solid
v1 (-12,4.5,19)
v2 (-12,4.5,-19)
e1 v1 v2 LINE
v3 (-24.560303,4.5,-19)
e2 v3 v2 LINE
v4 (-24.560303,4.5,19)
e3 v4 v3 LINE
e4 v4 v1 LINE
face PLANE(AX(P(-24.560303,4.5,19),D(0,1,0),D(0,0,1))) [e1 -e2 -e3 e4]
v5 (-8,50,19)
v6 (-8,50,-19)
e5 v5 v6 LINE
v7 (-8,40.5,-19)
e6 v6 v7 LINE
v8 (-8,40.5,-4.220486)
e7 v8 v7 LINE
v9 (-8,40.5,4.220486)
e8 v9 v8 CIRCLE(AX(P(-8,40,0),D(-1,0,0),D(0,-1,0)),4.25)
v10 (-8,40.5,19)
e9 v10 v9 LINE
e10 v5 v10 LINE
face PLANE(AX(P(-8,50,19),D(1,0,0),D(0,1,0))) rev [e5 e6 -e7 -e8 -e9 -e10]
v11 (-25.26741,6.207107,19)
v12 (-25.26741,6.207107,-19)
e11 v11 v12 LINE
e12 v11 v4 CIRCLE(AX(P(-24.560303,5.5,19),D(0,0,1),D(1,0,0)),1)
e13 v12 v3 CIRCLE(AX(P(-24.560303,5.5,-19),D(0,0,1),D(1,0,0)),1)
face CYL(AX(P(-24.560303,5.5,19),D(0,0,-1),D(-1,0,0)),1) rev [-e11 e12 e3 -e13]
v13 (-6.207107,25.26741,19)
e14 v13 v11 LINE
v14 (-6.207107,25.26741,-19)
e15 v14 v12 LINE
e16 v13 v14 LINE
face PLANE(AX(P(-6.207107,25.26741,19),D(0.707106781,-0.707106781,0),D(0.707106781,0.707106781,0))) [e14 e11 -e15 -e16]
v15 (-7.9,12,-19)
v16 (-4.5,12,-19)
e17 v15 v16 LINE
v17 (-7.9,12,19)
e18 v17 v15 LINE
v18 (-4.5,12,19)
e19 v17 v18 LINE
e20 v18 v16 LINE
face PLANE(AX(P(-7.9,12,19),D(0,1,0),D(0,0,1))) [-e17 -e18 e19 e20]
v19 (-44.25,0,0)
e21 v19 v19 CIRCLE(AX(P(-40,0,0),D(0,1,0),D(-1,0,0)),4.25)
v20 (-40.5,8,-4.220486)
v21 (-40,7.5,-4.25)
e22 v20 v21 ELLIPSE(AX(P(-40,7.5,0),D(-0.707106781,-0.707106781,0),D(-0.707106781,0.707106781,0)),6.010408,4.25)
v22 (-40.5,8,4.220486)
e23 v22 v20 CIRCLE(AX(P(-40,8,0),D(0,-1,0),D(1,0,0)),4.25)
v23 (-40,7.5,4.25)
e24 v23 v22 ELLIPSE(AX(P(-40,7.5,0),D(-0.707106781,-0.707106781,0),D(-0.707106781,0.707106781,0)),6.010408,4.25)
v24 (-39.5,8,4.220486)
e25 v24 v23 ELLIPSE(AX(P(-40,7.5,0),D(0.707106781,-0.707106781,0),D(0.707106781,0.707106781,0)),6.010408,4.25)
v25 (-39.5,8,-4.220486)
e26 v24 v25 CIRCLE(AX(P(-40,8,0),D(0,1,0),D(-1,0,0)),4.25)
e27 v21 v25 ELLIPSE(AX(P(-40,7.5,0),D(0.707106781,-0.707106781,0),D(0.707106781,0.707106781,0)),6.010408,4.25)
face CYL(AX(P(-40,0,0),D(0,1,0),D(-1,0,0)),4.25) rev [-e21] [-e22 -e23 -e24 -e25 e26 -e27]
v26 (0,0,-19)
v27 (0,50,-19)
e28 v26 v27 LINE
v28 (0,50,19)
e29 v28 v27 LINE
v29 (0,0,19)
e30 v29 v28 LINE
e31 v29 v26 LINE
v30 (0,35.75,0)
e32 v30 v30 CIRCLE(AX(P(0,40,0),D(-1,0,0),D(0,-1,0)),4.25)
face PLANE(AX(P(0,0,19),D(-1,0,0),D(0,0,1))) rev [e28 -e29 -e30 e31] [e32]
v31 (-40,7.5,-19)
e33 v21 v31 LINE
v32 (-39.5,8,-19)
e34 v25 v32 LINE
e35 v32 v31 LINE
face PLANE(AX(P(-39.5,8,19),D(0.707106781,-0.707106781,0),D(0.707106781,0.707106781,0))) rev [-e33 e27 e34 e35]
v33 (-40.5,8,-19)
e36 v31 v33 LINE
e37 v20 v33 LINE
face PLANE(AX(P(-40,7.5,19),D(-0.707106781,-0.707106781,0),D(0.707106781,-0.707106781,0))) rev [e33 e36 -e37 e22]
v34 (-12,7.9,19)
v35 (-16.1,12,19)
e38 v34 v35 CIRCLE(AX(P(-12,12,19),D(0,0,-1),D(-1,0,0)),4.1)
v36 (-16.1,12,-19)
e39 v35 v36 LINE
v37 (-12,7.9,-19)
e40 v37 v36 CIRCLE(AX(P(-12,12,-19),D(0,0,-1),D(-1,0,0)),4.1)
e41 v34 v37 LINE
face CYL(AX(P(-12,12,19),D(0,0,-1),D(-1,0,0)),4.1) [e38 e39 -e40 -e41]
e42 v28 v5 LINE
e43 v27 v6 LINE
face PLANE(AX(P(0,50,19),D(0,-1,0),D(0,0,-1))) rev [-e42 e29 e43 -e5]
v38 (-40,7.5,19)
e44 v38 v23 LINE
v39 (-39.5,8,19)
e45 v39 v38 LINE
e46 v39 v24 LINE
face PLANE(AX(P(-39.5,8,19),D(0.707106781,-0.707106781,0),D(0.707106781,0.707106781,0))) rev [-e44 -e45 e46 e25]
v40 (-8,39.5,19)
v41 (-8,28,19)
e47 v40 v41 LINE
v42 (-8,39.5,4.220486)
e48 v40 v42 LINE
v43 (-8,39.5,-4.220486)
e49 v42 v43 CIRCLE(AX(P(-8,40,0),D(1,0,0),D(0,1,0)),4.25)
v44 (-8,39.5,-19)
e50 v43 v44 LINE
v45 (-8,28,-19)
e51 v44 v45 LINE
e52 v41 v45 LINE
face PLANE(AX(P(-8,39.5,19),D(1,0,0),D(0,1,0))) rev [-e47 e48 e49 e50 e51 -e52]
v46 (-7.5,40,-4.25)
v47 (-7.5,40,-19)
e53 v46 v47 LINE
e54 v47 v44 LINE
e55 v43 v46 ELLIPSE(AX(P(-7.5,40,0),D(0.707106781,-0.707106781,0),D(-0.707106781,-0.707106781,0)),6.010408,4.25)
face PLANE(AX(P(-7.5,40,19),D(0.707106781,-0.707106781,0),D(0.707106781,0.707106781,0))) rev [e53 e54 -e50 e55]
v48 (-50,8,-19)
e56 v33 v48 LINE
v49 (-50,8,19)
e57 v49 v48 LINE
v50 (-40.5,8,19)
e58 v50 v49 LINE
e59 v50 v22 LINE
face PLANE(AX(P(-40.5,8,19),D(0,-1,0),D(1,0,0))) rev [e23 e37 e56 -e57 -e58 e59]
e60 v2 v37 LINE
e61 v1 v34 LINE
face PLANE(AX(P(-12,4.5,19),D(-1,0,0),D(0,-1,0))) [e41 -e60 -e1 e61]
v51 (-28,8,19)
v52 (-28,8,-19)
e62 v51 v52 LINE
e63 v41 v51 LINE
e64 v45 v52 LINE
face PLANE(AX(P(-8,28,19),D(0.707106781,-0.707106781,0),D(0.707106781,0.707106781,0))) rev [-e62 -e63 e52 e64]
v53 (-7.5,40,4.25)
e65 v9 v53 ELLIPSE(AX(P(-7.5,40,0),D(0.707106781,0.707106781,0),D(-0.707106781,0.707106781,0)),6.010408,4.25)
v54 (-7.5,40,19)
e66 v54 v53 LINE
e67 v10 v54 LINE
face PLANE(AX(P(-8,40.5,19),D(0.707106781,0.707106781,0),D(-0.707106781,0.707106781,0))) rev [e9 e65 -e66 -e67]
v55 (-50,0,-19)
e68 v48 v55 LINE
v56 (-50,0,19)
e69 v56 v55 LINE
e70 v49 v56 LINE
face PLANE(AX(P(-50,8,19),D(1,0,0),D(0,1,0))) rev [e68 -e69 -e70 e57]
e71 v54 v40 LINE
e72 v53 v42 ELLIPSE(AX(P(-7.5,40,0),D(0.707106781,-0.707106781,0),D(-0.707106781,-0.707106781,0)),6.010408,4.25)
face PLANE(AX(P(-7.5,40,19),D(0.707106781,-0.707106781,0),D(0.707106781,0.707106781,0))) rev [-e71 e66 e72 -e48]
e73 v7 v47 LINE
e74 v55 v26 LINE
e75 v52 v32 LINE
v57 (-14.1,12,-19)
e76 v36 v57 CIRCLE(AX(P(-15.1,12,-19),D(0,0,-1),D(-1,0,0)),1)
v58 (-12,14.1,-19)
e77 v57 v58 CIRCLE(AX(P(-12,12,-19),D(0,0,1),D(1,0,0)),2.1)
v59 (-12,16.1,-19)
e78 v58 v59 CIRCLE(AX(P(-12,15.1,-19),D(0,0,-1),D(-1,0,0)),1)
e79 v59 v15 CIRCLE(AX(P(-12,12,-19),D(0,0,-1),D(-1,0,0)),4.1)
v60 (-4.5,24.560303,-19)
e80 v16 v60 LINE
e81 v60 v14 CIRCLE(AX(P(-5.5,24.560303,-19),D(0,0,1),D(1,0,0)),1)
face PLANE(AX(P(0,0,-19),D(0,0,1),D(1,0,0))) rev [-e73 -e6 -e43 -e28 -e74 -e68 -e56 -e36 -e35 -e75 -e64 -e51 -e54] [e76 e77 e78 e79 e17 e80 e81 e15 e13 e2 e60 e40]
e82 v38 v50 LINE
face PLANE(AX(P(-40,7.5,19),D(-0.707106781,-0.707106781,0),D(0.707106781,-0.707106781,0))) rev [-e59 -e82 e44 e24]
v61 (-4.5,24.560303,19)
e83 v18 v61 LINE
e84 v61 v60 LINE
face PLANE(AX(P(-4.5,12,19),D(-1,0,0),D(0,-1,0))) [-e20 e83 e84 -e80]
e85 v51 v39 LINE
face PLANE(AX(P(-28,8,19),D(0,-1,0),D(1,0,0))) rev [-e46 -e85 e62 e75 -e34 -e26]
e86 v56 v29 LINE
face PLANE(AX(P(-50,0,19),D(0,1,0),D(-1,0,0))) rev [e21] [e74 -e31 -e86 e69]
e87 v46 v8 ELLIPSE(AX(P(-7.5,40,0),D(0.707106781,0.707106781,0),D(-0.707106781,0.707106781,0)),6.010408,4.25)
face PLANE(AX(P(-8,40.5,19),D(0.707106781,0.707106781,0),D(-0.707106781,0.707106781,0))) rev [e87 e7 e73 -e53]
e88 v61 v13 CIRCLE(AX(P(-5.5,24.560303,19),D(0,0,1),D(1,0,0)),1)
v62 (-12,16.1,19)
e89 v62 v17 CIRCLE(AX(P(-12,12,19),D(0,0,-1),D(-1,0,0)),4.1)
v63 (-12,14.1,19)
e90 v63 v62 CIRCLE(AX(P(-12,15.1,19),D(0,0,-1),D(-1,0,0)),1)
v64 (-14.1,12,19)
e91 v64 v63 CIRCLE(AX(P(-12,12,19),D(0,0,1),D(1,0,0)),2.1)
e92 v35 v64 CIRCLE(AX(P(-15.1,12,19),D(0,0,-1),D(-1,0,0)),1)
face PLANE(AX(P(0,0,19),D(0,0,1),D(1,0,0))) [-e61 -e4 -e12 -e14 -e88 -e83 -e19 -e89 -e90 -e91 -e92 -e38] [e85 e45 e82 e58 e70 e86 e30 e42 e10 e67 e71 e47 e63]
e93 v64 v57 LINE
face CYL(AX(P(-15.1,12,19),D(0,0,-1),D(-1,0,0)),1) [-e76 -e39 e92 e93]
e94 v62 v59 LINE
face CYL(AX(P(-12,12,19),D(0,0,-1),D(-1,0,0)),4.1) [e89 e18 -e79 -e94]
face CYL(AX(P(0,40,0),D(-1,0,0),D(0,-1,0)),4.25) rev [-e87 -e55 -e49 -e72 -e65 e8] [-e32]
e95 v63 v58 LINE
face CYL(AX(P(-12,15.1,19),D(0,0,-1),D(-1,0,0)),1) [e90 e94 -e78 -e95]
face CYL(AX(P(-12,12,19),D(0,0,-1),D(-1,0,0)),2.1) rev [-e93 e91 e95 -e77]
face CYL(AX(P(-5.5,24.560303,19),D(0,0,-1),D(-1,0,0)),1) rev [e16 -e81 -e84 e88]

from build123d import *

# Parameters (mm, degrees)
EXTRUDE_1_DEPTH     = 19
SKETCH_2_R          = 4.25
CUT_EXTRUDE_1_DEPTH = 9
SKETCH_3_R          = 4.25
CUT_EXTRUDE_2_DEPTH = 9


with BuildPart() as part:
    # Эскиз1 → Бобышка-Вытянуть1 (new body, symmetric)
    with BuildSketch(Plane.XY):
        Polygon((-50, 0), (0, 0), (0, 50), (-8, 50), (-8, 40.5), (-7.5, 40), (-8, 39.5), (-8, 28), (-28, 8), (-39.5, 8), (-40, 7.5), (-40.5, 8), (-50, 8), align=None)
        with BuildLine():
            Line((-4.5, 12), (-4.5, 24.560303038))
            ThreePointArc((-4.5, 24.560303038), (-5.117316568, 25.484182571), (-6.207106781, 25.267409819))
            Line((-6.207106781, 25.267409819), (-25.267409819, 6.207106781))
            ThreePointArc((-25.267409819, 6.207106781), (-25.484182571, 5.117316568), (-24.560303038, 4.5))
            Line((-24.560303038, 4.5), (-12, 4.5))
            Line((-12, 4.5), (-12, 7.9))
            ThreePointArc((-12, 7.9), (-14.899137803, 9.100862197), (-16.1, 12))
            ThreePointArc((-16.1, 12), (-15.1, 13), (-14.1, 12))
            ThreePointArc((-14.1, 12), (-10.51507576, 10.51507576), (-12, 14.1))
            ThreePointArc((-12, 14.1), (-13, 15.1), (-12, 16.1))
            ThreePointArc((-12, 16.1), (-9.100862197, 14.899137803), (-7.9, 12))
            Line((-7.9, 12), (-4.5, 12))
        make_face(mode=Mode.SUBTRACT)
    extrude(amount=EXTRUDE_1_DEPTH, both=True)

    # Эскиз2 → Вырез-Вытянуть1 (cut, through all)
    with BuildSketch(Plane.ZY.offset(8)):
        with Locations(Location((0, 40, 0), (0, 0, 270))):  # turned: the seam where the file's is
            Circle(SKETCH_2_R)
    extrude(amount=-CUT_EXTRUDE_1_DEPTH, mode=Mode.SUBTRACT)

    # Эскиз3 → Вырез-Вытянуть2 (cut, through all)
    with BuildSketch(Plane(origin=(0, 8, 0), x_dir=(1, 0, 0), z_dir=(0, 1, 0))):
        with Locations(Location((-40, 0, 0), (0, 0, 180))):  # turned: the seam where the file's is
            Circle(SKETCH_3_R)
    extrude(amount=-CUT_EXTRUDE_2_DEPTH, mode=Mode.SUBTRACT)


solid = part.part
